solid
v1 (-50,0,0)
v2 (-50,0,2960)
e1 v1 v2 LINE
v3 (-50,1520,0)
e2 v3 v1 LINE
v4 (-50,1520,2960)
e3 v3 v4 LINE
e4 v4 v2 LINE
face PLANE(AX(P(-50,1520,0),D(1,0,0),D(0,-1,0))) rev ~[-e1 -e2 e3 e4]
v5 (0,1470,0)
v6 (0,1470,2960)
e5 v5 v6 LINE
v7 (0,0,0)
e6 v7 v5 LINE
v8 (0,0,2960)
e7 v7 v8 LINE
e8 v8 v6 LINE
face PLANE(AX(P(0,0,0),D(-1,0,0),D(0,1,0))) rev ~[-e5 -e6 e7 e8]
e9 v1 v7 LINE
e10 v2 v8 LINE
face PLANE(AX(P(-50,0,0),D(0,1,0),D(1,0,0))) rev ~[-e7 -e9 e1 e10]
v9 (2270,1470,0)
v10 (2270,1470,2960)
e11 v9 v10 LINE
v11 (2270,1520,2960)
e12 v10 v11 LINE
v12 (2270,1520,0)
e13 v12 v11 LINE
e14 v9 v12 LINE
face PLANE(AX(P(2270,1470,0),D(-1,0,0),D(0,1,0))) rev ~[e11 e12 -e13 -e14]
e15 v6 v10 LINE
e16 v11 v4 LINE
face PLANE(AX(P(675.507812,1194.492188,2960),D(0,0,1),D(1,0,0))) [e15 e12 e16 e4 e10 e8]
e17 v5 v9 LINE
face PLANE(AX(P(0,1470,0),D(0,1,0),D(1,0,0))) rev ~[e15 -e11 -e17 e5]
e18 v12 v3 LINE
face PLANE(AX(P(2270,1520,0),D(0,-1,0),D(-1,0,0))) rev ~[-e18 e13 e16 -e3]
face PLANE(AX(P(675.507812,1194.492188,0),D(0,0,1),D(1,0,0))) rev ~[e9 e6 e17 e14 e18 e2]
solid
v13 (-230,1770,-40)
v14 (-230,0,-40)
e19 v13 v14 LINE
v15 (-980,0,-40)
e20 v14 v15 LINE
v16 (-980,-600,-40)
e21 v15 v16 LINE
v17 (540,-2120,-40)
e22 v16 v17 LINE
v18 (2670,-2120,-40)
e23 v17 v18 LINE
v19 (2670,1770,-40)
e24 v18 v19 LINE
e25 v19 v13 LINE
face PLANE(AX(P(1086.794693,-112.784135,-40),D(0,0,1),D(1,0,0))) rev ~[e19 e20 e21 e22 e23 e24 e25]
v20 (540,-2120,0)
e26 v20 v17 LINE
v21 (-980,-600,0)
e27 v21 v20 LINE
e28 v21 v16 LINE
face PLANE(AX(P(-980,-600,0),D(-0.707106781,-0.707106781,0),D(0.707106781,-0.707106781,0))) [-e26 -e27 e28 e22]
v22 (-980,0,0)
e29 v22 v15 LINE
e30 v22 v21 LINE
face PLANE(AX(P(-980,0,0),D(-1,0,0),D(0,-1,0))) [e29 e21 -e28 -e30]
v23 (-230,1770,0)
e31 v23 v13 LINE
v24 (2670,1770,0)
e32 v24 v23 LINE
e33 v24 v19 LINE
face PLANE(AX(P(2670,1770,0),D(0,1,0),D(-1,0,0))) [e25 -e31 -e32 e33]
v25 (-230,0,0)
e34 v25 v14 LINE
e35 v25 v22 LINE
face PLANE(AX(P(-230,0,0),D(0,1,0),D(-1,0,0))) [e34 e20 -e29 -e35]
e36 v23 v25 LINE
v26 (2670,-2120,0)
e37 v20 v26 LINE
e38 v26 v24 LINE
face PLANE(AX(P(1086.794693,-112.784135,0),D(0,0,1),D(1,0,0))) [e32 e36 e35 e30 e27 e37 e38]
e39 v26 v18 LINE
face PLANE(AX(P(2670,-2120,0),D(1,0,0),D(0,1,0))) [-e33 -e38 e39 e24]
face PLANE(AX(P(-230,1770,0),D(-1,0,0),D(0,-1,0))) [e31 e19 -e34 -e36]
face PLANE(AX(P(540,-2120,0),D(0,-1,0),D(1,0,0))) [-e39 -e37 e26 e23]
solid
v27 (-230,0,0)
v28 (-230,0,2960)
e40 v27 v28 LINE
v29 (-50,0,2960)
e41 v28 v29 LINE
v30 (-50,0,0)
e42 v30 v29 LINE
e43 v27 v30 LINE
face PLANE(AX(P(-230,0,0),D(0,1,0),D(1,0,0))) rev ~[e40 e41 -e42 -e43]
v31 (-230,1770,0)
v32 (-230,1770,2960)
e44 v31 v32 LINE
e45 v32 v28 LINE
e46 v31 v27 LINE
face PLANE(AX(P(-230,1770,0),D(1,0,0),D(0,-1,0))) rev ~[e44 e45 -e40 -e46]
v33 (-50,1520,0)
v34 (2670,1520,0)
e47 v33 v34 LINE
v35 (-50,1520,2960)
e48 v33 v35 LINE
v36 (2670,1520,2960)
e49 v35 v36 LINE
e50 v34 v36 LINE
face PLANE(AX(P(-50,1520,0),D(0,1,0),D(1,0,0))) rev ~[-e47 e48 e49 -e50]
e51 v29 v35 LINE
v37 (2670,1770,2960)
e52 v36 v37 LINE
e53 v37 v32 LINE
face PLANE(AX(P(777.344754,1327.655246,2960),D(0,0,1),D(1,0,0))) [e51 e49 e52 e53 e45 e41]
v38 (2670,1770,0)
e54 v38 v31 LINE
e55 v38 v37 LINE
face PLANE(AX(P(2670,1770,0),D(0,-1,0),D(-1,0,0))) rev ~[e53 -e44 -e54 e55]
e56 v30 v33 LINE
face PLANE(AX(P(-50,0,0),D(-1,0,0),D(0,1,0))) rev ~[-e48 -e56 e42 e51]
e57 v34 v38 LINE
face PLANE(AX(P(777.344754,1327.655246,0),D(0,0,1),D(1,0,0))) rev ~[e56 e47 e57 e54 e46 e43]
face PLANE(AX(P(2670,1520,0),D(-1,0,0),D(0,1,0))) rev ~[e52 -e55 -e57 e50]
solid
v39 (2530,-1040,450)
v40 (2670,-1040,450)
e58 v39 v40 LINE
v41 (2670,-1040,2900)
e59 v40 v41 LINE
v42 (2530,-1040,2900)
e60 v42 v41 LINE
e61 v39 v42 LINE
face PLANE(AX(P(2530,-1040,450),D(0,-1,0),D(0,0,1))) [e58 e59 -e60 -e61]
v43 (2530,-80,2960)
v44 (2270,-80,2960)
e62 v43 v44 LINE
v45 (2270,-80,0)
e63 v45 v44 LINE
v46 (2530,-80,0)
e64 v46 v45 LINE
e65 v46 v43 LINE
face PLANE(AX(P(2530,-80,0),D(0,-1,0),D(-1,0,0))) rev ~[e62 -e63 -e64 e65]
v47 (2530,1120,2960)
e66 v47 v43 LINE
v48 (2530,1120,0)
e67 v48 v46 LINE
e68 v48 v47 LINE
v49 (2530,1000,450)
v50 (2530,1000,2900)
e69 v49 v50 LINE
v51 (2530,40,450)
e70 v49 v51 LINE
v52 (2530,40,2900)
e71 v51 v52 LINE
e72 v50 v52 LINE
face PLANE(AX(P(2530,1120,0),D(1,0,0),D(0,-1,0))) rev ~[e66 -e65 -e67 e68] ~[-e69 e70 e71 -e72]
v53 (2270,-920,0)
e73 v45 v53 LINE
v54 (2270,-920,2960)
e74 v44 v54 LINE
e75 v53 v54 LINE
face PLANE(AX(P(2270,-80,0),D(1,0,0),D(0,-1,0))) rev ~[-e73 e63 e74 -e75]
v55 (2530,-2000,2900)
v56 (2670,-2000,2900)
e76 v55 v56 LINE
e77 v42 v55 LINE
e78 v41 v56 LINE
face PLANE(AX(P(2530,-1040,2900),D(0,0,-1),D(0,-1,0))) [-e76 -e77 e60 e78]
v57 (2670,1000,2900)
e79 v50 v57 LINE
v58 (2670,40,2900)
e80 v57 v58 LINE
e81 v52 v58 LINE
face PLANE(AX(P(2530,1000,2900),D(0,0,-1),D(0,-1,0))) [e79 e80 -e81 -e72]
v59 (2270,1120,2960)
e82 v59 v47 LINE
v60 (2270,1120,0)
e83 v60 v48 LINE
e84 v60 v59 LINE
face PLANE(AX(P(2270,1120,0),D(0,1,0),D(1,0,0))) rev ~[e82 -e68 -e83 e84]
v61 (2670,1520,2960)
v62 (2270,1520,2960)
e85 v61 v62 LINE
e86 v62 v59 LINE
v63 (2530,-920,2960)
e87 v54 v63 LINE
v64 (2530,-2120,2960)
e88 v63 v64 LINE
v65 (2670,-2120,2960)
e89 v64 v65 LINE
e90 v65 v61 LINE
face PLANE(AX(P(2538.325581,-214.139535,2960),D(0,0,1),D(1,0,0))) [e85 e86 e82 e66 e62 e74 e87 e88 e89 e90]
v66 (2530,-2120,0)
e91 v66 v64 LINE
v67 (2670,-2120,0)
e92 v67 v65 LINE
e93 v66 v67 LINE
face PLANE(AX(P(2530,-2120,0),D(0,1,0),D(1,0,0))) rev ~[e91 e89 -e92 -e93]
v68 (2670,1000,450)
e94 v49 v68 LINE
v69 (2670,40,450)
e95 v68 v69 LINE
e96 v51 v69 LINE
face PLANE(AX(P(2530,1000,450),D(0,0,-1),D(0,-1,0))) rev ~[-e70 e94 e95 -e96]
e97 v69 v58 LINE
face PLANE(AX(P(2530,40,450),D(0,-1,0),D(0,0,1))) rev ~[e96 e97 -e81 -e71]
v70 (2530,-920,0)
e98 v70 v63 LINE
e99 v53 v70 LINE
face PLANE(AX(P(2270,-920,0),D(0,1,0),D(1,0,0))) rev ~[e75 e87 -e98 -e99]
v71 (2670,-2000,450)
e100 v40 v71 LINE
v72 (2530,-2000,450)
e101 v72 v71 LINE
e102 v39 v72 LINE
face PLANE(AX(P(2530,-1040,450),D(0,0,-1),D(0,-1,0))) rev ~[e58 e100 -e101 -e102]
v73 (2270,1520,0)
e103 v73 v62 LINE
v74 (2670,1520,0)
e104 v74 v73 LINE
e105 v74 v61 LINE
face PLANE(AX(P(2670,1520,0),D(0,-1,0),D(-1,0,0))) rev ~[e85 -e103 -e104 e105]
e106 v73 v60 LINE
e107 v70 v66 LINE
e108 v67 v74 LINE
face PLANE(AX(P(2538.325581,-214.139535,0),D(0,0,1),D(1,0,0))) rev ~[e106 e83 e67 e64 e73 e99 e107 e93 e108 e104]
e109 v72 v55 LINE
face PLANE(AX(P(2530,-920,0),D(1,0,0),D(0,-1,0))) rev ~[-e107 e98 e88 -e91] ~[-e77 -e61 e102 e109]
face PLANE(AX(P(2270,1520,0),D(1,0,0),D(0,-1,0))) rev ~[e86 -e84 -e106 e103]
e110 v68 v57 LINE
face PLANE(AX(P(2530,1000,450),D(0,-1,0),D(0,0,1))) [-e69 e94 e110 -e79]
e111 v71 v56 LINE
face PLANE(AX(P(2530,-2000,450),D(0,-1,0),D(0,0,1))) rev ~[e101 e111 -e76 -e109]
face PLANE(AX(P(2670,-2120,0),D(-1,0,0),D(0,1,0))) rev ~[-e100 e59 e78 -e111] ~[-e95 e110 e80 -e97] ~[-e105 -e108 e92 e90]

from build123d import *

# Parameters (mm, degrees)
F1_DEPTH = 2960
F2_DEPTH = 2960
F3_DEPTH = 2960
F4_W     = 960
F4_H     = 2450
F5_DEPTH = 140.001
F7_DEPTH = 40


with BuildPart() as f1:
    # F0 (on Top) → F1 (new body)
    with BuildSketch(Plane.XY):
        Polygon((-50, 0), (0, 0), (0, 1470), (2270, 1470), (2270, 1520), (-50, 1520), align=None)
    extrude(amount=F1_DEPTH)


with BuildPart() as f2:
    # F0 (on Top) → F2 (new body, through all)
    with BuildSketch(Plane.XY):
        Polygon((2270, 1520), (2270, 1470), (2270, 1120), (2530, 1120), (2530, -80), (2270, -80), (2270, -920), (2530, -920), (2530, -2120), (2670, -2120), (2670, 1520), align=None)
    extrude(amount=F2_DEPTH)

    # F4 (on face) → F5 (cut, through all)
    with BuildSketch(Plane(origin=(2530, 0, 0), x_dir=(0, -1, 0), z_dir=(-1, 0, 0))):
        with Locations((-520, 1675)):
            Rectangle(F4_W, F4_H)
        with Locations((1520, 1675)):
            Rectangle(F4_W, F4_H)
    extrude(amount=-F5_DEPTH, mode=Mode.SUBTRACT)


with BuildPart() as f3:
    # F0 (on Top) → F3 (new body, through all)
    with BuildSketch(Plane.XY):
        Polygon((-230, 0), (-50, 0), (-50, 1520), (2270, 1520), (2670, 1520), (2670, 1770), (-230, 1770), align=None)
    extrude(amount=F3_DEPTH)


with BuildPart() as f7:
    # F6 (on Top) → F7 (new body)
    with BuildSketch(Plane.XY):
        Polygon((-230, 1770), (-230, 0), (-980, 0), (-980, -600), (540, -2120), (2670, -2120), (2670, 1520), (2670, 1770), align=None)
    extrude(amount=-F7_DEPTH)


solid = Compound([f1.part, f2.part, f3.part, f7.part])
